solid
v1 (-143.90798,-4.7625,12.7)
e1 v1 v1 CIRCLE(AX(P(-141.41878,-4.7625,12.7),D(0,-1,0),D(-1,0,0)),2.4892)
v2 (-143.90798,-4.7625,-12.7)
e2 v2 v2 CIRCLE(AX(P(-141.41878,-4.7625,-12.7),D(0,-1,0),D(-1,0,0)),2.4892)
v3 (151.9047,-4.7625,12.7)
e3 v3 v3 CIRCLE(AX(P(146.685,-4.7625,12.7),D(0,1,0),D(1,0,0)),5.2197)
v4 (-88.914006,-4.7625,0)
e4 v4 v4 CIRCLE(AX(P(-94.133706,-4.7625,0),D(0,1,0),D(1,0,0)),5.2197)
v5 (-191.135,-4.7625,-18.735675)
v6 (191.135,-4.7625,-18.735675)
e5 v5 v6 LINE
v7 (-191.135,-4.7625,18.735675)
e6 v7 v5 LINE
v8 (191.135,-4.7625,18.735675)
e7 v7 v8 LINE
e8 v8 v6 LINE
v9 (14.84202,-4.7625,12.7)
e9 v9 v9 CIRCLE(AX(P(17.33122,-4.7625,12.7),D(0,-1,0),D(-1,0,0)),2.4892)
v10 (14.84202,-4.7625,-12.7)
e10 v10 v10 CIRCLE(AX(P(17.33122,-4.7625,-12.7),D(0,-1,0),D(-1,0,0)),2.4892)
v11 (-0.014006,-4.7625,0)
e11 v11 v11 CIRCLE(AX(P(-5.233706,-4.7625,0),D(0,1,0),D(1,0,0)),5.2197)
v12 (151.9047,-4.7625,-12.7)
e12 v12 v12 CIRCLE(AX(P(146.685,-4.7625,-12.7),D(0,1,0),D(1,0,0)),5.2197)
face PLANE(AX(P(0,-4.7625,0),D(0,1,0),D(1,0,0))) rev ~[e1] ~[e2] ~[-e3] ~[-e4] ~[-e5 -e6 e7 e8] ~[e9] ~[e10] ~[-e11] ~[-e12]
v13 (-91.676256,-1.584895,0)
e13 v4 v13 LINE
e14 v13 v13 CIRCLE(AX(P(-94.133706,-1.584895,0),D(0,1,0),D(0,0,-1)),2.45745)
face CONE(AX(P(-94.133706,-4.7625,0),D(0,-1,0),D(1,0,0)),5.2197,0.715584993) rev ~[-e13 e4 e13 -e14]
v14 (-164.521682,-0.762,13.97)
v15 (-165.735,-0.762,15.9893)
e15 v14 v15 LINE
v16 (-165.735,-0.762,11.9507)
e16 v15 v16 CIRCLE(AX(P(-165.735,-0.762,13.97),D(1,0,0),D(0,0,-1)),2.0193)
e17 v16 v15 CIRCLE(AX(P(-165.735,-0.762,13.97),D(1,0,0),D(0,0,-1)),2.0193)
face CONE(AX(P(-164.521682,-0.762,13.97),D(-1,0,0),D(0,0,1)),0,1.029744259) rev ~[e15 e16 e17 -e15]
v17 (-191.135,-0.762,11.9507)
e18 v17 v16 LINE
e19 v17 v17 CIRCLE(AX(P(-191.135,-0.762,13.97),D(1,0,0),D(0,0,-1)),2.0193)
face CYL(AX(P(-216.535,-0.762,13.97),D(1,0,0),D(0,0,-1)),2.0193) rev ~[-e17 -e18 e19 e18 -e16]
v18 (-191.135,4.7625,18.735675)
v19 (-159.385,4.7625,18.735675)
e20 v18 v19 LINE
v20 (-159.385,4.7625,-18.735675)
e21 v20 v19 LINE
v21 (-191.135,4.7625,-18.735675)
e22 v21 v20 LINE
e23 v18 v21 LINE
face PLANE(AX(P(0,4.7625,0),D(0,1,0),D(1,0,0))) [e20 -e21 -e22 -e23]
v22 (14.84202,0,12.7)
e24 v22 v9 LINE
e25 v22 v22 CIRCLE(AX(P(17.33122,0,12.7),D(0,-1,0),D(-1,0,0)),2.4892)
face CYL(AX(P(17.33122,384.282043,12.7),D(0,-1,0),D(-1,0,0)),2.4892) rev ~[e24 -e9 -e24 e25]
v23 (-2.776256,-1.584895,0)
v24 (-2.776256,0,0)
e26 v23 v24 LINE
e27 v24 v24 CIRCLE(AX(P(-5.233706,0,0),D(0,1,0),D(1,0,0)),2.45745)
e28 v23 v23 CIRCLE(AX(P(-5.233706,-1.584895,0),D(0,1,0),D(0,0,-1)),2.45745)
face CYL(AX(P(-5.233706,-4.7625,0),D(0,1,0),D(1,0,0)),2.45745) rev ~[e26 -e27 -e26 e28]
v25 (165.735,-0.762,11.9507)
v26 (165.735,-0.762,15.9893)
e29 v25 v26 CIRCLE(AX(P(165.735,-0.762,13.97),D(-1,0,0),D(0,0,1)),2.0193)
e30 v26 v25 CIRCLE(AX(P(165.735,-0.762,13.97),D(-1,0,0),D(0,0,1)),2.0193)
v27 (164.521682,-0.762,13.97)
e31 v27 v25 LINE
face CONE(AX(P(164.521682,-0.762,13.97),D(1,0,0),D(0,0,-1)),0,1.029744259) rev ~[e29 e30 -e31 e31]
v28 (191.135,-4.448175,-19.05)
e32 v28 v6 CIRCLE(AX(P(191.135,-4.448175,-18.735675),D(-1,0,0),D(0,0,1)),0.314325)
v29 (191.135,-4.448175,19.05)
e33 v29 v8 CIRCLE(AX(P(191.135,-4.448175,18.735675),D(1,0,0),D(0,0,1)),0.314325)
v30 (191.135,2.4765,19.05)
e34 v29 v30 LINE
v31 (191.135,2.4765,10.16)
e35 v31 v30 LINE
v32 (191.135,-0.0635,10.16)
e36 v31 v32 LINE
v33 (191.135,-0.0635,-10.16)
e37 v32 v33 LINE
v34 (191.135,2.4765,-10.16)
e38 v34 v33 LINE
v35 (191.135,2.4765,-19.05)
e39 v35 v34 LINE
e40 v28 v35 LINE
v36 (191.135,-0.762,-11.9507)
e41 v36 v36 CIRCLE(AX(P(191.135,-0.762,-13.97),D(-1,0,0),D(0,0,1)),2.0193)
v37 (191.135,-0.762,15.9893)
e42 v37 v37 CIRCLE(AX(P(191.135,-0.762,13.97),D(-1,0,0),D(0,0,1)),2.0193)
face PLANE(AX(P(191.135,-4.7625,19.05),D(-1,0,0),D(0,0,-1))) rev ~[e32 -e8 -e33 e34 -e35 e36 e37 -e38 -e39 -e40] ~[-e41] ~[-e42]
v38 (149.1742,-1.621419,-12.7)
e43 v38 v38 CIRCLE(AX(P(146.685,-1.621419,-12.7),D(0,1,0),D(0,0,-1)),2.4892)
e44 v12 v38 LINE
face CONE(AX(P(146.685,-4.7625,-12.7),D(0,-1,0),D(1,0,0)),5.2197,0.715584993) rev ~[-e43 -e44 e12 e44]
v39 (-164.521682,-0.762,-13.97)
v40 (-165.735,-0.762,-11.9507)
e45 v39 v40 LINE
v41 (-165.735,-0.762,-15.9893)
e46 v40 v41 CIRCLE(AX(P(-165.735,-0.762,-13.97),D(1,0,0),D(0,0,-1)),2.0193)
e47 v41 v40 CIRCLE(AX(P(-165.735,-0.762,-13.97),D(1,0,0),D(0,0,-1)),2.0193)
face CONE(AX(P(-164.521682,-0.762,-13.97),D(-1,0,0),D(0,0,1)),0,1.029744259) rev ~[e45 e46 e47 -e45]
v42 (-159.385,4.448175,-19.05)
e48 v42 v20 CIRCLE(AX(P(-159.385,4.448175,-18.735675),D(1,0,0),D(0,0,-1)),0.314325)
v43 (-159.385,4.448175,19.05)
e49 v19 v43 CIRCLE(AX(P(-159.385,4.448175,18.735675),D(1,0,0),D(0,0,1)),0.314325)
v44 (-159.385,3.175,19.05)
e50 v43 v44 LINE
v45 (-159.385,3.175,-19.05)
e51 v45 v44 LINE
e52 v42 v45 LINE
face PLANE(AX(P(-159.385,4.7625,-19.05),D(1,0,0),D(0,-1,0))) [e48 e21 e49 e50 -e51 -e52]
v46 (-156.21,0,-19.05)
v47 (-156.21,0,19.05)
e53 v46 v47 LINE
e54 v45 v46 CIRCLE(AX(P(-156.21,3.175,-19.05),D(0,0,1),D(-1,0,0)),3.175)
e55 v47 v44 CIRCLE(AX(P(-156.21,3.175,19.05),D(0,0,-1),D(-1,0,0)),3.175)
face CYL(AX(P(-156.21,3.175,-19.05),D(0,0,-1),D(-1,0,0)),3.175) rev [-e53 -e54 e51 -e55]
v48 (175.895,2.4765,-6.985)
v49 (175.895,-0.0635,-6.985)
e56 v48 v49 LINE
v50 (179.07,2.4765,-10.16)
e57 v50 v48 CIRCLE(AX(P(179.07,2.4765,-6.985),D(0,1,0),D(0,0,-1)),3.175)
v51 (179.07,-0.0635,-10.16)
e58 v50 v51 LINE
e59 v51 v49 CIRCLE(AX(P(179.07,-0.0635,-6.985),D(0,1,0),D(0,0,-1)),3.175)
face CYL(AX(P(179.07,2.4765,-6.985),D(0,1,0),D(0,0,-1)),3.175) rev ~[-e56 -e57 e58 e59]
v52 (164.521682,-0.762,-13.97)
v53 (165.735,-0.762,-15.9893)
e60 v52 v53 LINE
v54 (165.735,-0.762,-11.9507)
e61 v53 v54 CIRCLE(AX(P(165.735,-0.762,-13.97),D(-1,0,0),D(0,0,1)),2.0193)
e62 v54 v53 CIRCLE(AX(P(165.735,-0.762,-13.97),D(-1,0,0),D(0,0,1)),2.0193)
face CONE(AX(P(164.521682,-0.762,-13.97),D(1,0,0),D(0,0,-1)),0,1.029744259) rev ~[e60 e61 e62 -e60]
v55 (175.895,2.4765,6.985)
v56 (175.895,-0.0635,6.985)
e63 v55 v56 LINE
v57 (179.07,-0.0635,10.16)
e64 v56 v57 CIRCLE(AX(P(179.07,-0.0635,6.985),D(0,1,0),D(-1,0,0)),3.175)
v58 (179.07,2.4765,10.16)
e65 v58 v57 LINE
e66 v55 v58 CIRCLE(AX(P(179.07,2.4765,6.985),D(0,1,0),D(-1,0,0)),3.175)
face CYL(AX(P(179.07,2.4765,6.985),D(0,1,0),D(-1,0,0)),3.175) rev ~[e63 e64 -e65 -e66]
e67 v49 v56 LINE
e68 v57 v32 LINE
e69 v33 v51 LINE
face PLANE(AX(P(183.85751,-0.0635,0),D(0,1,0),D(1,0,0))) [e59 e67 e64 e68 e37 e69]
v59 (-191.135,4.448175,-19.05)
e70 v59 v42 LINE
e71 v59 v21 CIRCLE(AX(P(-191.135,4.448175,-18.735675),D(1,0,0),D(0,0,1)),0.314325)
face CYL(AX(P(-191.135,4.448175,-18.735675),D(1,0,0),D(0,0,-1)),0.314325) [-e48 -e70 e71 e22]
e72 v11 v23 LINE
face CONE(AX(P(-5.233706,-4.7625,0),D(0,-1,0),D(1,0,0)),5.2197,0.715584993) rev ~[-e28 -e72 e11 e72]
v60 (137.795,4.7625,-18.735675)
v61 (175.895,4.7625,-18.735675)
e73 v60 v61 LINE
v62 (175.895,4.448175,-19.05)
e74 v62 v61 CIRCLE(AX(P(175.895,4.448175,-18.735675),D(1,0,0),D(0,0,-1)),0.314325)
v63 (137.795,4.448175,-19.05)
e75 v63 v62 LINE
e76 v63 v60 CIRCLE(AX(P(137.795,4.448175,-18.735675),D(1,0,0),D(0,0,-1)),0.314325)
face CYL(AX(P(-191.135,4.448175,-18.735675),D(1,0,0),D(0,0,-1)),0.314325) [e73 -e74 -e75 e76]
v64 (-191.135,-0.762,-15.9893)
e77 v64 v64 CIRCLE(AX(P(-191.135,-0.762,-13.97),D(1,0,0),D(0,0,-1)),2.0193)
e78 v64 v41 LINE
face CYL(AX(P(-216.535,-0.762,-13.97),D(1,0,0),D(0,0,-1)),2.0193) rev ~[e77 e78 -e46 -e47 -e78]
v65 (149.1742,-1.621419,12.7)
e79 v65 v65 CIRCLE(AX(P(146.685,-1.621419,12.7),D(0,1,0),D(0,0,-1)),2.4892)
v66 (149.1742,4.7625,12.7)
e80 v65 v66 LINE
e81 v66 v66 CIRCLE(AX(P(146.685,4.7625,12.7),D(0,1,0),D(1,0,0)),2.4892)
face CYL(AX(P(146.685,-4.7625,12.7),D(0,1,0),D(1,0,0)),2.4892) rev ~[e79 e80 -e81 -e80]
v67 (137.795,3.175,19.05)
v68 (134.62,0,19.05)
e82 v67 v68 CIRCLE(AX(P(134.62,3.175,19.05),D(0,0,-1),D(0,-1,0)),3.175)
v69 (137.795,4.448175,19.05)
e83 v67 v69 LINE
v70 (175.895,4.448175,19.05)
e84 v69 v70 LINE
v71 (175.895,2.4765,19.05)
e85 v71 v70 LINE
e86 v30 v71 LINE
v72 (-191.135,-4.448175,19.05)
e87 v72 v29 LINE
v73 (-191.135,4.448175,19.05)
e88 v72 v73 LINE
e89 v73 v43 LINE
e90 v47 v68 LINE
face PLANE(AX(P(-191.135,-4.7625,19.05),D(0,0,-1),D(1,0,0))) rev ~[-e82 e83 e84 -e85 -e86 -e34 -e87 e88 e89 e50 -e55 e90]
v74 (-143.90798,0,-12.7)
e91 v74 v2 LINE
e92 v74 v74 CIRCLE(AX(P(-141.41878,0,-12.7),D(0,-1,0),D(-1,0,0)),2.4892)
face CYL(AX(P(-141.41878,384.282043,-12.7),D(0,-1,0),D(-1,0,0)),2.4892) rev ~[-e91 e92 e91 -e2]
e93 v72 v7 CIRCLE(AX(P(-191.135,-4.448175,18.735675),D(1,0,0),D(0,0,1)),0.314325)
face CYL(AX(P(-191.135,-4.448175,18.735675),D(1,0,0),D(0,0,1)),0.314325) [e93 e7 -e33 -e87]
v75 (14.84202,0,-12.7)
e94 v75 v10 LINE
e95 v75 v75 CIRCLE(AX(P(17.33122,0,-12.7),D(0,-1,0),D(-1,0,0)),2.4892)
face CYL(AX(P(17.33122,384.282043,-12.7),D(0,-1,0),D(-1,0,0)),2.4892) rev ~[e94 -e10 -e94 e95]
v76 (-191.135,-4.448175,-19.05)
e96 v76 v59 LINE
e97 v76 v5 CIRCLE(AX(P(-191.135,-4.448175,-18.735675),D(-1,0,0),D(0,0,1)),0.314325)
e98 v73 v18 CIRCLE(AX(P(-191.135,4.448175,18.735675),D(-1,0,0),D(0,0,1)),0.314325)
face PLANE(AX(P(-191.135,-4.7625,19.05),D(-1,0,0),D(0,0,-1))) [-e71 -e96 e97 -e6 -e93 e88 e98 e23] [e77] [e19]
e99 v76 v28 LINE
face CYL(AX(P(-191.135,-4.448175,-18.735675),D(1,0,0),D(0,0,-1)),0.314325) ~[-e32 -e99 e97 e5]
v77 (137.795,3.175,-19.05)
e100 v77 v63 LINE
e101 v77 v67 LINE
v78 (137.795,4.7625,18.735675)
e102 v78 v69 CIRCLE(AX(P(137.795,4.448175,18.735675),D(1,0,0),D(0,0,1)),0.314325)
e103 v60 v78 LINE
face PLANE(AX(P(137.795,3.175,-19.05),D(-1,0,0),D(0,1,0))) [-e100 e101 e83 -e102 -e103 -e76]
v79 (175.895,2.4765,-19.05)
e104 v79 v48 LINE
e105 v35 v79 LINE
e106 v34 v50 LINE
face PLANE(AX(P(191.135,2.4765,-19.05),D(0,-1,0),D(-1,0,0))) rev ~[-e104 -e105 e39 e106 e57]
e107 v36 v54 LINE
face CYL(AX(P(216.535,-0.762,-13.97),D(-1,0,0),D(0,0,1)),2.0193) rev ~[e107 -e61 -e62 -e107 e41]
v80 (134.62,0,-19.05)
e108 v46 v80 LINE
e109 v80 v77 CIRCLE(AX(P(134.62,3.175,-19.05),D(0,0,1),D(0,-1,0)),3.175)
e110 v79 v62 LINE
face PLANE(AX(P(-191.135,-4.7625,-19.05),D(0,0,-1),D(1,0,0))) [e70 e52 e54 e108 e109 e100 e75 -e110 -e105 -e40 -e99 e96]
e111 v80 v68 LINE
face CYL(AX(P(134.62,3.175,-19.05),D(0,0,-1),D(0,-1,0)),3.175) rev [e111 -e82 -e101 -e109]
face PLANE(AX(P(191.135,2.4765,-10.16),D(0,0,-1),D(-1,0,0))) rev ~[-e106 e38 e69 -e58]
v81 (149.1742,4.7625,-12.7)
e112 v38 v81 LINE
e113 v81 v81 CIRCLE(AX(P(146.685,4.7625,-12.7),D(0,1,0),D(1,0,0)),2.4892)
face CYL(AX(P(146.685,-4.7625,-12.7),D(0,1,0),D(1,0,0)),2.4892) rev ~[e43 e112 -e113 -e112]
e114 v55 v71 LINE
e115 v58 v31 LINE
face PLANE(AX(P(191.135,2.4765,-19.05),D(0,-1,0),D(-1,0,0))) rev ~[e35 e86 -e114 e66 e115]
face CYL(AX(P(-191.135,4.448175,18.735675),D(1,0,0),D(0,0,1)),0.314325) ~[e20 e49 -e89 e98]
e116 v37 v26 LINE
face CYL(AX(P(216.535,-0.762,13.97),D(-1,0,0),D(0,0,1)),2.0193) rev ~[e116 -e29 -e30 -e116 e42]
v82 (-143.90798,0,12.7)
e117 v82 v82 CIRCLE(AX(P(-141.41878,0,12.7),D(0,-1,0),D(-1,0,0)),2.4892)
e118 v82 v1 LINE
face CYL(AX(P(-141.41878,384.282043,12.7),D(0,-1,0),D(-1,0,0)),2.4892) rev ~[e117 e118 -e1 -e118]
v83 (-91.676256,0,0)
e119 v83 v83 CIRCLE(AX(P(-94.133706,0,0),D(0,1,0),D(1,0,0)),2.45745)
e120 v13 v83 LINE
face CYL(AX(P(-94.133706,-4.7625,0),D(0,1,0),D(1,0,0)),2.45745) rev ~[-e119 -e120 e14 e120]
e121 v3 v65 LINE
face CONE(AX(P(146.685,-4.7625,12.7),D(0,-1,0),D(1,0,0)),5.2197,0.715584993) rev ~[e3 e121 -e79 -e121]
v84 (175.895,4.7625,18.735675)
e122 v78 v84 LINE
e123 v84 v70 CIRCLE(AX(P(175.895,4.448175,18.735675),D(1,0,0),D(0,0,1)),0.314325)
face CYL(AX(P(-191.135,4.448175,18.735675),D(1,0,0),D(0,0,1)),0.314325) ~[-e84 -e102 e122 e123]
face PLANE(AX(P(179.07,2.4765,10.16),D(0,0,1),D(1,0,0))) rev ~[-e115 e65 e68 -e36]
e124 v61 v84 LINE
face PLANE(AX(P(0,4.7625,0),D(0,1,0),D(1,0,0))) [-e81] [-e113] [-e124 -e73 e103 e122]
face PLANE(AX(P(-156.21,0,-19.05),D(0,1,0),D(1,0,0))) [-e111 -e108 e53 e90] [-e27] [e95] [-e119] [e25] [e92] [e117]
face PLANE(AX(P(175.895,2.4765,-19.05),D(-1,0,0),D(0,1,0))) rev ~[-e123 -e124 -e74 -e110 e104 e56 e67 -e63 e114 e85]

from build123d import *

# Parameters (mm, degrees)
BOSS_EXTRUDE1_DEPTH                    = 4.7625
BOSS_EXTRUDE1_DEPTH_BACK               = 4.7625
SKETCH3_W                              = 382.27
SKETCH3_H                              = 38.1
FILLET1_R                              = 0.314325
TAP_DRILL_FOR_10_32_TAP1_D             = 4.0386
TAP_DRILL_FOR_10_32_TAP1_DEPTH         = 25.4
TAP_DRILL_FOR_10_32_TAP1_TIP           = 1.213317848
TAP_DRILL_FOR_10_32_TAP2_D             = 4.0386
TAP_DRILL_FOR_10_32_TAP2_DEPTH         = 25.4
TAP_DRILL_FOR_10_32_TAP2_TIP           = 1.213317848
SKETCH10_W                             = 15.24
SKETCH10_H                             = 2.286
CUT_EXTRUDE1_DEPTH                     = 195.953531979
F_10_CLEARANCE_HOLE1_D                 = 4.9784
F_10_CLEARANCE_HOLE1_CSINK_D           = 10.4394
F_10_CLEARANCE_HOLE1_CSINK_ANGLE       = 82
CUT_EXTRUDE2_DEPTH                     = 2.54
F_10_CLEARANCE_HOLE2_D                 = 4.9784
F_10_0_1935_DIAMETER_HOLE1_D           = 4.9149
F_10_0_1935_DIAMETER_HOLE1_CSINK_D     = 10.4394
F_10_0_1935_DIAMETER_HOLE1_CSINK_ANGLE = 82


with BuildPart() as part:
    # Sketch3 → Boss-Extrude1 (new, two sides: drawn at the far end of the back side and taken through both)
    with BuildSketch(Plane(origin=(0, 0, 0), x_dir=(1, 0, 0), z_dir=(0, 1, 0)).offset(-BOSS_EXTRUDE1_DEPTH_BACK)):
        Rectangle(SKETCH3_W, SKETCH3_H)
    extrude(amount=BOSS_EXTRUDE1_DEPTH + BOSS_EXTRUDE1_DEPTH_BACK)

    # Fillet1
    fillet1_edges = [part.edges().sort_by_distance(p)[0] for p in [
        (0, 4.7625, 19.05),
        (0, -4.7625, -19.05),
        (0, 4.7625, -19.05),
        (0, -4.7625, 19.05),
    ]]
    fillet(fillet1_edges, radius=FILLET1_R)

    # Tap Drill for #10-32 Tap1
    with Locations(Plane.ZY.offset(191.135)):
        with Locations((-13.97, -0.762), (13.97, -0.762)):
            Hole(TAP_DRILL_FOR_10_32_TAP1_D / 2, depth=TAP_DRILL_FOR_10_32_TAP1_DEPTH)
            with Locations((0, 0, -(TAP_DRILL_FOR_10_32_TAP1_DEPTH + TAP_DRILL_FOR_10_32_TAP1_TIP / 2))):  # 118° drill point
                Cone(0, TAP_DRILL_FOR_10_32_TAP1_D / 2, TAP_DRILL_FOR_10_32_TAP1_TIP, mode=Mode.SUBTRACT)

    # Tap Drill for #10-32 Tap2
    with Locations(Plane(origin=(191.135, 0, 0), x_dir=(0, 0, -1), z_dir=(1, 0, 0))):
        with Locations((-13.97, -0.762), (13.97, -0.762)):
            Hole(TAP_DRILL_FOR_10_32_TAP2_D / 2, depth=TAP_DRILL_FOR_10_32_TAP2_DEPTH)
            with Locations((0, 0, -(TAP_DRILL_FOR_10_32_TAP2_DEPTH + TAP_DRILL_FOR_10_32_TAP2_TIP / 2))):  # 118° drill point
                Cone(0, TAP_DRILL_FOR_10_32_TAP2_D / 2, TAP_DRILL_FOR_10_32_TAP2_TIP, mode=Mode.SUBTRACT)

    # Sketch10 → Cut-Extrude1 (cut, through all)
    with BuildSketch(Plane(origin=(0, 0, -19.05), x_dir=(-1, 0, 0), z_dir=(0, 0, -1))):
        with BuildLine():
            Line((159.385, 4.7625), (159.385, 3.175))
            ThreePointArc((159.385, 3.175), (158.45506403, 0.92993597), (156.21, 0))
            Line((156.21, 0), (-134.62, 0))
            ThreePointArc((-134.62, 0), (-136.86506403, 0.92993597), (-137.795, 3.175))
            Line((-137.795, 3.175), (-137.795, 4.7625))
            Line((-137.795, 4.7625), (159.385, 4.7625))
        make_face()
        with Locations((-183.515, 3.6195)):
            Rectangle(SKETCH10_W, SKETCH10_H)
    extrude(amount=-CUT_EXTRUDE1_DEPTH, mode=Mode.SUBTRACT)

    # #10 Clearance Hole1 (through all)
    with Locations(Plane(origin=(0, -4.7625, 0), x_dir=(-1, 0, 0), z_dir=(0, -1, 0))):
        with Locations((-146.685, 12.7), (-146.685, -12.7)):
            CounterSinkHole(F_10_CLEARANCE_HOLE1_D / 2, F_10_CLEARANCE_HOLE1_CSINK_D / 2, counter_sink_angle=F_10_CLEARANCE_HOLE1_CSINK_ANGLE)

    # Sketch17 → Cut-Extrude2 (cut)
    with BuildSketch(Plane(origin=(0, 2.4765, 0), x_dir=(1, 0, 0), z_dir=(0, 1, 0))):
        with BuildLine():
            Line((191.135, 0), (191.135, 10.16))
            Line((191.135, 10.16), (179.07, 10.16))
            ThreePointArc((179.07, 10.16), (176.82493597, 9.23006403), (175.895, 6.985))
            Line((175.895, 6.985), (175.895, -6.985))
            ThreePointArc((175.895, -6.985), (176.82493597, -9.23006403), (179.07, -10.16))
            Line((179.07, -10.16), (191.135, -10.16))
            Line((191.135, -10.16), (191.135, 0))
        make_face()
    extrude(amount=-CUT_EXTRUDE2_DEPTH, mode=Mode.SUBTRACT)

    # #10 Clearance Hole2 (through all)
    with Locations(Plane(origin=(0, 0, 0), x_dir=(1, 0, 0), z_dir=(0, 1, 0))):
        with Locations((-141.418780002, 12.7), (-141.418780002, -12.7), (17.331219998, 12.7), (17.331219998, -12.7)):
            Hole(F_10_CLEARANCE_HOLE2_D / 2)

    # #10 (0.1935) Diameter Hole1 (through all)
    with Locations(Plane(origin=(0, -4.7625, 0), x_dir=(-1, 0, 0), z_dir=(0, -1, 0))):
        with Locations((94.13370554, 0), (5.23370554, 0)):
            CounterSinkHole(F_10_0_1935_DIAMETER_HOLE1_D / 2, F_10_0_1935_DIAMETER_HOLE1_CSINK_D / 2, counter_sink_angle=F_10_0_1935_DIAMETER_HOLE1_CSINK_ANGLE)


solid = part.part
